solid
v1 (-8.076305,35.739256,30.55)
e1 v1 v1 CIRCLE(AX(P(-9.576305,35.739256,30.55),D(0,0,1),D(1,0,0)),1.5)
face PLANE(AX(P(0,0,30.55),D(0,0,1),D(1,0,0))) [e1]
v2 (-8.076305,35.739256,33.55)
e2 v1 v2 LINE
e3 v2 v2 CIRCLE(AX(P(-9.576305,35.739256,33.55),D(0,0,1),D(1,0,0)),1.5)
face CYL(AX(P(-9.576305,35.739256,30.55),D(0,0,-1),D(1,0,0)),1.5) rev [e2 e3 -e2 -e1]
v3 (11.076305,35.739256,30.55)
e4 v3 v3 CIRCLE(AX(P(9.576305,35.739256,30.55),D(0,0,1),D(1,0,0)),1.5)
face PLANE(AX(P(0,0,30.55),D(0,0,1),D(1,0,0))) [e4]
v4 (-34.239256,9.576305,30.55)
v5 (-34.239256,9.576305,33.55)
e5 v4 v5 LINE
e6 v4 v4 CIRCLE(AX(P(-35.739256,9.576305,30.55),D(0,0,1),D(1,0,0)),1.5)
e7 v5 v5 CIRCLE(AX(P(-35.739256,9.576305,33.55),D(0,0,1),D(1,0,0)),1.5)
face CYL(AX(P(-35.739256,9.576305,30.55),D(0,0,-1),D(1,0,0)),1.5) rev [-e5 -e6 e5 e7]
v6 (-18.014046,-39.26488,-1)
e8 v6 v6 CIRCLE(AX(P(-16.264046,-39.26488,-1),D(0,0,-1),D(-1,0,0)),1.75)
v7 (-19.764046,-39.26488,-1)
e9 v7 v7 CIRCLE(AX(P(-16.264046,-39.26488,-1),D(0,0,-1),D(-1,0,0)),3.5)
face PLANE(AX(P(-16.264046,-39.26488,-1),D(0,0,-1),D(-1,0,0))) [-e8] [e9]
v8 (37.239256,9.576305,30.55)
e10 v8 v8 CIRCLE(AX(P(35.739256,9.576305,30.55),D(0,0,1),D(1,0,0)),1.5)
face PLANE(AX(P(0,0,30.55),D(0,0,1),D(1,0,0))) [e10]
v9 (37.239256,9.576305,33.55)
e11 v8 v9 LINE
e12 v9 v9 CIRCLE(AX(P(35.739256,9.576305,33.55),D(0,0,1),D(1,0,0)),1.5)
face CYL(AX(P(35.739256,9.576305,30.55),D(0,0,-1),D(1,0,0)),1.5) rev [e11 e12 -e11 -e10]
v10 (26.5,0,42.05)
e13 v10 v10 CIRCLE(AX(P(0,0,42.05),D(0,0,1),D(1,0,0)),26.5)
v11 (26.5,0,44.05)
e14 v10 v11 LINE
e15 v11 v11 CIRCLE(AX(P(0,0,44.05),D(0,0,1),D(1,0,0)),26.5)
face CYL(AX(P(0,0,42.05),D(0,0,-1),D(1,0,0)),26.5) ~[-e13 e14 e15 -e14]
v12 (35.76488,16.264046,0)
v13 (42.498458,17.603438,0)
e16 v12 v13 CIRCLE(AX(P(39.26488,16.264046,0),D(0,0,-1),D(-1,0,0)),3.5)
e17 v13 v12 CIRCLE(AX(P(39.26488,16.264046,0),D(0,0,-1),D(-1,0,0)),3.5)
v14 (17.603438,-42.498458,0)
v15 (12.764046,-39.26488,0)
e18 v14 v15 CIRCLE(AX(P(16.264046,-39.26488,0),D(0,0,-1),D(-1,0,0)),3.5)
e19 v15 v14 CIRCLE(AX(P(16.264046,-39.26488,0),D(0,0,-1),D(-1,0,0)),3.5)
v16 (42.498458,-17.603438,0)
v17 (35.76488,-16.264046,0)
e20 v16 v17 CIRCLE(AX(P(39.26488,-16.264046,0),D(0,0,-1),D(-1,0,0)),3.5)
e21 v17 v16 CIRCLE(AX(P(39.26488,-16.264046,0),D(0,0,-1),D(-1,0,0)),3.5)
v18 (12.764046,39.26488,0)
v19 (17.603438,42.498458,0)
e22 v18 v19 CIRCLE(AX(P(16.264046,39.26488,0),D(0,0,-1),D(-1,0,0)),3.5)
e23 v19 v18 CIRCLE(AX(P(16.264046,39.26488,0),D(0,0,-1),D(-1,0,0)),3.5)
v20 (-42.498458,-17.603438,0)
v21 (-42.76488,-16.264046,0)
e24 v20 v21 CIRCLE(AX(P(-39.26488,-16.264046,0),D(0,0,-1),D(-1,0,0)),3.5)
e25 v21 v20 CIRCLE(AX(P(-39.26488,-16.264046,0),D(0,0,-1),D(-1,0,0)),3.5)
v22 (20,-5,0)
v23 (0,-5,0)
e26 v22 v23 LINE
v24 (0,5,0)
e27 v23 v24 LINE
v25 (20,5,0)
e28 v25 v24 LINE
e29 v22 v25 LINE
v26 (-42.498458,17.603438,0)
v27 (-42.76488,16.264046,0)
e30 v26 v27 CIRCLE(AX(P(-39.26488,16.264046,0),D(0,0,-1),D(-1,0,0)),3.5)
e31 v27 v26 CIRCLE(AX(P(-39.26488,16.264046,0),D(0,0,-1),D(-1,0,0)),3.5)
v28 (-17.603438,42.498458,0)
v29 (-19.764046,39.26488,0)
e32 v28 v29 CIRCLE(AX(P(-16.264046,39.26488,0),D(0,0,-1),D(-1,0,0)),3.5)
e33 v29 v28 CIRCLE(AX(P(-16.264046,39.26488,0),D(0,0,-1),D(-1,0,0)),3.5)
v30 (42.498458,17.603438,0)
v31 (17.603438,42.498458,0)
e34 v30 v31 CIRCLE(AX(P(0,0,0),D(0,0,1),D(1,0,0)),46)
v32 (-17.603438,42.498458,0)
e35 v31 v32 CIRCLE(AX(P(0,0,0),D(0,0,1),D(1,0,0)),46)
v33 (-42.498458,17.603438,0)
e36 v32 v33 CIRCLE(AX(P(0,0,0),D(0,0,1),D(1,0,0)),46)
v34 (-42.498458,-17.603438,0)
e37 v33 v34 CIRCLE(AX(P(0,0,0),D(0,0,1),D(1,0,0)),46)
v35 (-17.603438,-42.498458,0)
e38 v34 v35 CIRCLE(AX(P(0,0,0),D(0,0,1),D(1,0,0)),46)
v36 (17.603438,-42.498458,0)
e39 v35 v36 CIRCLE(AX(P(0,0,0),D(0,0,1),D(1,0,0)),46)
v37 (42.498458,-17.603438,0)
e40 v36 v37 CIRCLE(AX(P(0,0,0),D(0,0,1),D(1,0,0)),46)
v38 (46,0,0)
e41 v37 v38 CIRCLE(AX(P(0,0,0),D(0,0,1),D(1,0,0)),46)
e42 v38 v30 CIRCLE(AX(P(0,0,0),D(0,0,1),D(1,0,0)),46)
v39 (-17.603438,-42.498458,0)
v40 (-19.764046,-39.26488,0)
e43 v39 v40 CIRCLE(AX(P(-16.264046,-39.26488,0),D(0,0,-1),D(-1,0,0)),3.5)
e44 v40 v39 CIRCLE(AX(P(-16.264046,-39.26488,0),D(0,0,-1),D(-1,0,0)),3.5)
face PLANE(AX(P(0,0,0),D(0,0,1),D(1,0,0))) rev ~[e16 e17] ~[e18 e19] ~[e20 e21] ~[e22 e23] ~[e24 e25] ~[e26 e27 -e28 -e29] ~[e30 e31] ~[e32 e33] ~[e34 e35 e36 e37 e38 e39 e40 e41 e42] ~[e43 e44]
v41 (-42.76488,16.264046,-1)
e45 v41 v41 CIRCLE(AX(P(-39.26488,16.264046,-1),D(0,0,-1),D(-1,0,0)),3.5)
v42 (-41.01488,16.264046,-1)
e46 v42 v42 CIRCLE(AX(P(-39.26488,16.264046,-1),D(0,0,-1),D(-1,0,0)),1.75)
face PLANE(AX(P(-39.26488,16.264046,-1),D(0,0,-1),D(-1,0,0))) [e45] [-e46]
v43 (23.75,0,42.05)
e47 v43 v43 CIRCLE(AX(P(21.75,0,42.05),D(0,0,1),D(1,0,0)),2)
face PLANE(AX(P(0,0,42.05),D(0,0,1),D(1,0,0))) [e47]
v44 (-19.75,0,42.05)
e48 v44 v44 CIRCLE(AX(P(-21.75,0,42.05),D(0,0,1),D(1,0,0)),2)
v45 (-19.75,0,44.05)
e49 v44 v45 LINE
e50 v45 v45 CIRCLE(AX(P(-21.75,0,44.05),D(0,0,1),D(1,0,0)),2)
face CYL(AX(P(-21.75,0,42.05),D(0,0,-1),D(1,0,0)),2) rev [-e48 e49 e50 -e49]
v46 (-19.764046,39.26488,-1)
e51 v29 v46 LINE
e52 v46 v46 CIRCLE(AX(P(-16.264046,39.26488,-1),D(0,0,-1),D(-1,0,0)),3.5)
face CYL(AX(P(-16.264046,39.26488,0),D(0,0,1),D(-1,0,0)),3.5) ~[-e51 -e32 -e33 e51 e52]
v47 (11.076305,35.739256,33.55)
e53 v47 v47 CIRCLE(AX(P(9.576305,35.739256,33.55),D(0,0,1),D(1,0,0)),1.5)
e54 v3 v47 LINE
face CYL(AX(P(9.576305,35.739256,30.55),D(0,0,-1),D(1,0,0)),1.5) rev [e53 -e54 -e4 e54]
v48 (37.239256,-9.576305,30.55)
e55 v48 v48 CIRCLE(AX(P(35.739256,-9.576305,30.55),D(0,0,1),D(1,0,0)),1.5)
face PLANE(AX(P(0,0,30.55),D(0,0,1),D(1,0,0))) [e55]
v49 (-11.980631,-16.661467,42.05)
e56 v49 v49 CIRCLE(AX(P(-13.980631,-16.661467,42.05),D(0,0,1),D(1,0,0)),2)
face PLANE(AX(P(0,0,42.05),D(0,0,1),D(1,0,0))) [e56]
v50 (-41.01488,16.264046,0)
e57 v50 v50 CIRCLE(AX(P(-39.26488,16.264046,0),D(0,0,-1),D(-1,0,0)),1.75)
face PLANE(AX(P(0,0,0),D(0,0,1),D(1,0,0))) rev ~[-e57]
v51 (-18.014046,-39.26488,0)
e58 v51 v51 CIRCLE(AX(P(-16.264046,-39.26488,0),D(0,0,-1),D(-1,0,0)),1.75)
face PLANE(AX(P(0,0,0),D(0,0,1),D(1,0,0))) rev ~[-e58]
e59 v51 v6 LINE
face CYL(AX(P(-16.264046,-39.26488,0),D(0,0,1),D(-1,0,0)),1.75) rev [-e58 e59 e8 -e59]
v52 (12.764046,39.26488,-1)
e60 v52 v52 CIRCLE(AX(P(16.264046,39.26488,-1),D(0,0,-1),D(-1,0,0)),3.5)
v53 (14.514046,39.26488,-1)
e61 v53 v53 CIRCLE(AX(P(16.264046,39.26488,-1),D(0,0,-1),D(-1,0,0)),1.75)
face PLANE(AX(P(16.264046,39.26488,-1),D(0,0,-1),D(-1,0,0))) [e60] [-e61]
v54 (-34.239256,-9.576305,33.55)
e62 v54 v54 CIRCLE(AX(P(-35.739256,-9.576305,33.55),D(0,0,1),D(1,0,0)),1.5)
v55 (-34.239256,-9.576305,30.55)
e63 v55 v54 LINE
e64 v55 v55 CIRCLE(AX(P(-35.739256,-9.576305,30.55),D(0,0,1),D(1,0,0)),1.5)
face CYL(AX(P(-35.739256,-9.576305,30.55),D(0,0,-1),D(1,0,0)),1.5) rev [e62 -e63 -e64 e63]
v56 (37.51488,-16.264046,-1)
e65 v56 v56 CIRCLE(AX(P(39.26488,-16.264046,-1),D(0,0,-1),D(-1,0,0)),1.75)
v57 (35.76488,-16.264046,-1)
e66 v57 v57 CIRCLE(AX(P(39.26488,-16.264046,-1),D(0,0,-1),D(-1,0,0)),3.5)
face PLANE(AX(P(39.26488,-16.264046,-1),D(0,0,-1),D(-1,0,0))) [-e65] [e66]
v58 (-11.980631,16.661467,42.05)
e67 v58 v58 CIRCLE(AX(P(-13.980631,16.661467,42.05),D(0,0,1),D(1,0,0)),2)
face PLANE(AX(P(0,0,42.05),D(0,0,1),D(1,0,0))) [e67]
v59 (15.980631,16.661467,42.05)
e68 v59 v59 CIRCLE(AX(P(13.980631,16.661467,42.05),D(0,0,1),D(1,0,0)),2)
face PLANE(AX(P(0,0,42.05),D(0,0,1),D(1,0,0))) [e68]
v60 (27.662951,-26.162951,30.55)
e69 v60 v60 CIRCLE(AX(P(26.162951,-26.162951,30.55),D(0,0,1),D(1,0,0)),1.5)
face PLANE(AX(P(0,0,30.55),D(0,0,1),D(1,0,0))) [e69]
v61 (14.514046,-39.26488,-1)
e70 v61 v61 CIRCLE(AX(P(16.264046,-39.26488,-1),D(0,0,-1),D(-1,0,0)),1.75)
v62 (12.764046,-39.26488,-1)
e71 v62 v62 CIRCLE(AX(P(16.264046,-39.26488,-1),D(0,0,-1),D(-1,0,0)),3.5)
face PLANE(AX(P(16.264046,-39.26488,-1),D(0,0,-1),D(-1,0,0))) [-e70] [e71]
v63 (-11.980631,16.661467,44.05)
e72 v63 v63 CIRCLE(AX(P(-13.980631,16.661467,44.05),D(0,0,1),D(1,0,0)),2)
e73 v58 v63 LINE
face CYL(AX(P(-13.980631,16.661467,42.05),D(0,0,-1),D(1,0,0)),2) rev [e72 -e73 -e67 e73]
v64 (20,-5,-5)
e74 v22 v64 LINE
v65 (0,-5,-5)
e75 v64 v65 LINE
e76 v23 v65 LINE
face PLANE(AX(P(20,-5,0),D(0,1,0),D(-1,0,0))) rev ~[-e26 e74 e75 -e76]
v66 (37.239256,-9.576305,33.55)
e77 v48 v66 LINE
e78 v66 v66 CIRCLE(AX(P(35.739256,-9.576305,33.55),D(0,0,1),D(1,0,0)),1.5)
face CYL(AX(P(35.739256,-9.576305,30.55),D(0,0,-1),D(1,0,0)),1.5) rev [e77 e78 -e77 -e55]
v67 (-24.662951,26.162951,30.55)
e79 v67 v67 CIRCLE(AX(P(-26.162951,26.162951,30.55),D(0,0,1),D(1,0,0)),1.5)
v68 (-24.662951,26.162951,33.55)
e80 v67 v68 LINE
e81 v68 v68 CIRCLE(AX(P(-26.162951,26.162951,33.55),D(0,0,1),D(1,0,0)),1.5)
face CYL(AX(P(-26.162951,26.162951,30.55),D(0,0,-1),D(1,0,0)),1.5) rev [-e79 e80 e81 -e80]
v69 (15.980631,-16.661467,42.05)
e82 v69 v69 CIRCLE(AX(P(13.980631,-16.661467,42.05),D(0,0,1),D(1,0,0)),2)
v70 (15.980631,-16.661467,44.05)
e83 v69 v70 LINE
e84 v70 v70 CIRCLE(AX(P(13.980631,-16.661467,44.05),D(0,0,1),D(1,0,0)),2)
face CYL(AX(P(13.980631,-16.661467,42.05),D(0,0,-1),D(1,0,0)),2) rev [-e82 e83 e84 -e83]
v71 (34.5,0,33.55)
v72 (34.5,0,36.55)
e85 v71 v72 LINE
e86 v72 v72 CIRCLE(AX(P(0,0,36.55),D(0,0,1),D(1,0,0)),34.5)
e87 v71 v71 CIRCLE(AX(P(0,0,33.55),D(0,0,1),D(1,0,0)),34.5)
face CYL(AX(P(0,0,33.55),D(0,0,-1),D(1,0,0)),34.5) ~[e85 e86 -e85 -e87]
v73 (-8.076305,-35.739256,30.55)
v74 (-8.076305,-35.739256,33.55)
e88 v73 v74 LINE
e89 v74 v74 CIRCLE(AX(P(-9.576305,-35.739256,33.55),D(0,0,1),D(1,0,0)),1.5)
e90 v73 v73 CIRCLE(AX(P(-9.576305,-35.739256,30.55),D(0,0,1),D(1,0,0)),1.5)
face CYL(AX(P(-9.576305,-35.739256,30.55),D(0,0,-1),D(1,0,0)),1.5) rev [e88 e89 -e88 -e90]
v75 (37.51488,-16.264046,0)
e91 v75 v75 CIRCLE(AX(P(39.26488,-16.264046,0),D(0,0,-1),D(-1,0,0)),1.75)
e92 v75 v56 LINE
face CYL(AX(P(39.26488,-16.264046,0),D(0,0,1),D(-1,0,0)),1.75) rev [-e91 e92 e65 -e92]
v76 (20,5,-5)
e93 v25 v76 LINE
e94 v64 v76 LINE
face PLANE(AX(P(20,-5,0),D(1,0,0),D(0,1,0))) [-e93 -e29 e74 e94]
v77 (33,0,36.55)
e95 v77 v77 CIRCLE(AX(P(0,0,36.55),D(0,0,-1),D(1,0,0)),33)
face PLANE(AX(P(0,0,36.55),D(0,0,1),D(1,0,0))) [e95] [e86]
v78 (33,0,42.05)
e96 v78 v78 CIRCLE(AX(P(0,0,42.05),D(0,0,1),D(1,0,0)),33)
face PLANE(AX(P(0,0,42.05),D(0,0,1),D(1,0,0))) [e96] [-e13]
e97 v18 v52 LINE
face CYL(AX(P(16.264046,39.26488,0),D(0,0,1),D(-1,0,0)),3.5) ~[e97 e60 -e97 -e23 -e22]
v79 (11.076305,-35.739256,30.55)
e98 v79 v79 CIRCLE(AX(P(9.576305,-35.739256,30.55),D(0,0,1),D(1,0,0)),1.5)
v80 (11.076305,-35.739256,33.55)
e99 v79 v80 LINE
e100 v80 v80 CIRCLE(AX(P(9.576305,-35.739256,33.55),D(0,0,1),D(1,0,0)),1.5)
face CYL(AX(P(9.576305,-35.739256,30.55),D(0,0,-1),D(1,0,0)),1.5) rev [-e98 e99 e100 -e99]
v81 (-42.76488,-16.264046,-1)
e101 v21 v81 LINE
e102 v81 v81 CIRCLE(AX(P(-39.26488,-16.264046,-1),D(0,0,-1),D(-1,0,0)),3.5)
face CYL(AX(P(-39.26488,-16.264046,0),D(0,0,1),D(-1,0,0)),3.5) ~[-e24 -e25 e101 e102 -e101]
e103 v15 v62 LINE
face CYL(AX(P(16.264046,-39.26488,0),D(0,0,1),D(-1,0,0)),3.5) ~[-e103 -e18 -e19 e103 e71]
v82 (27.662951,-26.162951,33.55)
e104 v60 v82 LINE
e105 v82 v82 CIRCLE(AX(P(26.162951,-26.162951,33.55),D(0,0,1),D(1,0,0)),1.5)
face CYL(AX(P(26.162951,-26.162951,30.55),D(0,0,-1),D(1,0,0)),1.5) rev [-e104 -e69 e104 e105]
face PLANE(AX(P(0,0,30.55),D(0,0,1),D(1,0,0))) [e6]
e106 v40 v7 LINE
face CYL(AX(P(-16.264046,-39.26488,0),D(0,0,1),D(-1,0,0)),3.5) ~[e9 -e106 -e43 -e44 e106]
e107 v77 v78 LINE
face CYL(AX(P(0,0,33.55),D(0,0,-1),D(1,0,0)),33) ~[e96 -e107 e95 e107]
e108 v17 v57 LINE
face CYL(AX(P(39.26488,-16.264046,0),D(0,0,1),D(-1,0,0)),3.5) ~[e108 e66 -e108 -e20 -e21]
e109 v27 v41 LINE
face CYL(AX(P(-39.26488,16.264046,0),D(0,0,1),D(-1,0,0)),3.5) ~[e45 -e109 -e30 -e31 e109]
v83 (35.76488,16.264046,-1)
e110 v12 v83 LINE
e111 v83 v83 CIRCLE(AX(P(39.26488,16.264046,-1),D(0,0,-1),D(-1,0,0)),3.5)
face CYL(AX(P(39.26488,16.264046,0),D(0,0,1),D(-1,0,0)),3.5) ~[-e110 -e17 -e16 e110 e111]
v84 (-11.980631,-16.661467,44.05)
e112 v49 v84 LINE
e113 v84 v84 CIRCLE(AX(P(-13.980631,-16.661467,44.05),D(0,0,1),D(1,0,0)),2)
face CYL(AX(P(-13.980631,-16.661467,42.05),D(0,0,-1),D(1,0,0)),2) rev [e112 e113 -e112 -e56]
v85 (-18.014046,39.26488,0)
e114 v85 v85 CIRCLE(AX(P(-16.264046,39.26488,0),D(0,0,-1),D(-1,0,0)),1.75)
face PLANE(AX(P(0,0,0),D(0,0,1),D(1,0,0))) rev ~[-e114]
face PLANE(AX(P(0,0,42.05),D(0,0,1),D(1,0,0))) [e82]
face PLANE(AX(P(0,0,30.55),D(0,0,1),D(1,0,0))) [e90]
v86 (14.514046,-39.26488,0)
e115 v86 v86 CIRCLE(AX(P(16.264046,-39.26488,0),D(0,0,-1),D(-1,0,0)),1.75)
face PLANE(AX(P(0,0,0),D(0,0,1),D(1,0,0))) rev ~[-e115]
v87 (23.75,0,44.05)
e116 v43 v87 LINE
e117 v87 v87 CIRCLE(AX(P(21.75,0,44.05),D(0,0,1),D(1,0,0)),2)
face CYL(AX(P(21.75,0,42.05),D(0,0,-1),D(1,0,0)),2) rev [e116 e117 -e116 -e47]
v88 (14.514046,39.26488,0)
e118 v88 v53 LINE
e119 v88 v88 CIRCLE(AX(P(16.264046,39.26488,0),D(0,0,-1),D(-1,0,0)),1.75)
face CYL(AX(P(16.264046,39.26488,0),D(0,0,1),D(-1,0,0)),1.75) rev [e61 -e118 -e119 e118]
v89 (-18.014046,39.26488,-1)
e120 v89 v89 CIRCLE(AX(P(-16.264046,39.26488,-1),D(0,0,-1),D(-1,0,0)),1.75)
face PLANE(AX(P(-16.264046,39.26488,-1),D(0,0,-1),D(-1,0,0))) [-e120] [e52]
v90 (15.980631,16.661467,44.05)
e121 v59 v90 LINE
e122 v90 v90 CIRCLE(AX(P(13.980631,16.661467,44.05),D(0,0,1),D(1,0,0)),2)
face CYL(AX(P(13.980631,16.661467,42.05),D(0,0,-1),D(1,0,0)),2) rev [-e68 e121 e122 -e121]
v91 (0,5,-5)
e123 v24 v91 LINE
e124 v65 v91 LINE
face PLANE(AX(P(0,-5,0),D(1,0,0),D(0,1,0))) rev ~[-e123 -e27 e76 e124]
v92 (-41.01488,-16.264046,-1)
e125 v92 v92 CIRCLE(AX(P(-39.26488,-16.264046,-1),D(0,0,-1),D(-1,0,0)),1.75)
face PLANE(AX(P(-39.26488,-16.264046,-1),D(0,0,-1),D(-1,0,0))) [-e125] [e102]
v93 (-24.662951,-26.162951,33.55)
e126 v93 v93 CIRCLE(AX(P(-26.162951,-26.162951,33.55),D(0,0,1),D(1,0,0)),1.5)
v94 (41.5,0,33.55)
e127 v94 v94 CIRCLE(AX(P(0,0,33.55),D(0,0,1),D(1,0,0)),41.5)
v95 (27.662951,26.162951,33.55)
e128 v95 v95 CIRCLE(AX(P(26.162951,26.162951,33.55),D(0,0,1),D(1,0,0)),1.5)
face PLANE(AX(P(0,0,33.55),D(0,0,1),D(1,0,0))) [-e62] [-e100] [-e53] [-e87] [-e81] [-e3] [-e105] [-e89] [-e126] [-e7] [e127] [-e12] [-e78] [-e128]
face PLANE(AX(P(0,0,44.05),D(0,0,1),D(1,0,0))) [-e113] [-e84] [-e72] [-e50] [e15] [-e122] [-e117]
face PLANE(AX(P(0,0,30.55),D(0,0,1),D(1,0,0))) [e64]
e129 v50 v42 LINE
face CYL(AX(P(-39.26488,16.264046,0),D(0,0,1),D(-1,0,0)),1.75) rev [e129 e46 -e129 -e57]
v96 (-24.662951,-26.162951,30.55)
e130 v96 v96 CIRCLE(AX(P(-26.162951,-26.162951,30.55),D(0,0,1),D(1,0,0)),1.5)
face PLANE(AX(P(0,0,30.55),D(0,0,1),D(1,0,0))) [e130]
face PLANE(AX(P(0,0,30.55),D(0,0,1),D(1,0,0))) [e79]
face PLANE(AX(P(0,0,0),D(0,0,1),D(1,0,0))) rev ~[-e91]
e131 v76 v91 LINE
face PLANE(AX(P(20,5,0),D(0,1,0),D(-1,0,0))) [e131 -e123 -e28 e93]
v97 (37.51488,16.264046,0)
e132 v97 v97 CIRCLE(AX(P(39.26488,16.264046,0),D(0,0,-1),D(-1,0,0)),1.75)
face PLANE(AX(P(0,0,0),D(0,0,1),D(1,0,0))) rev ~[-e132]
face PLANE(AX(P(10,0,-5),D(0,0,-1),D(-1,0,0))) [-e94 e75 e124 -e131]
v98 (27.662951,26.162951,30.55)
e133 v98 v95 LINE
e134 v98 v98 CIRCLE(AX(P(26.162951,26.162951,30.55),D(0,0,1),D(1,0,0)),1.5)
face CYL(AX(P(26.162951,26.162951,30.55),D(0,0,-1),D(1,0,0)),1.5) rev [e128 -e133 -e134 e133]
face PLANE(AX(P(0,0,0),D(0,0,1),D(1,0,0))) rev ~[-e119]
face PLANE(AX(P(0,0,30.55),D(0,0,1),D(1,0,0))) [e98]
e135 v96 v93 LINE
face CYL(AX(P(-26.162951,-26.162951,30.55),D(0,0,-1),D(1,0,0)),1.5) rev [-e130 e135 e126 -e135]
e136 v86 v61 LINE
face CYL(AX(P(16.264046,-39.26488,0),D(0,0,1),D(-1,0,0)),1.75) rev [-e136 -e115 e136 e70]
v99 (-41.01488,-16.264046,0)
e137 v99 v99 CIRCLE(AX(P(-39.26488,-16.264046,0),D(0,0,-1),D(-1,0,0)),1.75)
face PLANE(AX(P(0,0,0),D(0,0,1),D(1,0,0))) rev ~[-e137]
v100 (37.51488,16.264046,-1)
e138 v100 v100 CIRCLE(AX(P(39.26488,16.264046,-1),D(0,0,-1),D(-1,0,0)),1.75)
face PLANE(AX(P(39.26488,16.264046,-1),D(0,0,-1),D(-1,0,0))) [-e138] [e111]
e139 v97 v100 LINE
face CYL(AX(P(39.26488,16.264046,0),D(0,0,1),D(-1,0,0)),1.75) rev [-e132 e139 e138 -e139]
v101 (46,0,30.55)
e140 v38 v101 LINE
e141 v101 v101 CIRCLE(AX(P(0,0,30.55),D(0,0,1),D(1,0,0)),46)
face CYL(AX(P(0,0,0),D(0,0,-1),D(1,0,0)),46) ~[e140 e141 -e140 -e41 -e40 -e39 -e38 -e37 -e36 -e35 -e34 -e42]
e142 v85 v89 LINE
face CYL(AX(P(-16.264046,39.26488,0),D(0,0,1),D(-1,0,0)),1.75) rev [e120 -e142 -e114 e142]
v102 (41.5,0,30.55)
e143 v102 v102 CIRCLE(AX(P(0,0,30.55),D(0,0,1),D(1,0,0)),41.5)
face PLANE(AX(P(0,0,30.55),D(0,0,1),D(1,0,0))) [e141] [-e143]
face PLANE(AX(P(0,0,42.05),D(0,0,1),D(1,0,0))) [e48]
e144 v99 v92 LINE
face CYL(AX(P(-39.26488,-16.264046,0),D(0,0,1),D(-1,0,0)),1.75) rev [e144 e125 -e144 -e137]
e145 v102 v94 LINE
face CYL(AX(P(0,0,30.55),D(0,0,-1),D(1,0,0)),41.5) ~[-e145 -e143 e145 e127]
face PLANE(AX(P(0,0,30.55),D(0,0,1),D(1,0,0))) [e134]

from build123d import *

# Parameters (mm, degrees)
SKETCH_1_R      = 46
EXTRUDE_1_DEPTH = 30.55
SKETCH_3_R      = 3.5
SKETCH_3_R_2    = 1.75
EXTRUDE_2_DEPTH = 1
SKETCH_4_R      = 41.5
SKETCH_4_R_2    = 1.5
EXTRUDE_3_DEPTH = 3
SKETCH_5_R      = 33
EXTRUDE_4_DEPTH = 8.5
SKETCH_6_R      = 26.5
SKETCH_6_R_2    = 2
EXTRUDE_5_DEPTH = 2
SKETCH_7_R      = 34.5
EXTRUDE_6_DEPTH = 3
SKETCH_8_W      = 20
SKETCH_8_H      = 10
EXTRUDE_7_DEPTH = 5


with BuildPart() as part:
    # 草图1 → 凸台-拉伸1 (new body)
    with BuildSketch(Plane.XY):
        Circle(SKETCH_1_R)
    extrude(amount=EXTRUDE_1_DEPTH)

    # 草图3 → 凸台-拉伸2 (add)
    with BuildSketch(Plane(origin=(0, 0, 0), x_dir=(-1, 0, 0), z_dir=(0, 0, -1))):
        with Locations((16.264045876, 39.264880132)):
            Circle(SKETCH_3_R)
        with Locations((16.264045876, 39.264880132)):
            Circle(SKETCH_3_R_2, mode=Mode.SUBTRACT)
        with Locations((39.264880132, 16.264045876)):
            Circle(SKETCH_3_R)
        with Locations((39.264880132, 16.264045876)):
            Circle(SKETCH_3_R_2, mode=Mode.SUBTRACT)
        with Locations((39.264880132, -16.264045876)):
            Circle(SKETCH_3_R)
        with Locations((39.264880132, -16.264045876)):
            Circle(SKETCH_3_R_2, mode=Mode.SUBTRACT)
        with Locations((16.264045876, -39.264880132)):
            Circle(SKETCH_3_R)
        with Locations((16.264045876, -39.264880132)):
            Circle(SKETCH_3_R_2, mode=Mode.SUBTRACT)
        with Locations((-16.264045876, -39.264880132)):
            Circle(SKETCH_3_R)
        with Locations((-16.264045876, -39.264880132)):
            Circle(SKETCH_3_R_2, mode=Mode.SUBTRACT)
        with Locations((-39.264880132, -16.264045876)):
            Circle(SKETCH_3_R)
        with Locations((-39.264880132, -16.264045876)):
            Circle(SKETCH_3_R_2, mode=Mode.SUBTRACT)
        with Locations((-39.264880132, 16.264045876)):
            Circle(SKETCH_3_R)
        with Locations((-39.264880132, 16.264045876)):
            Circle(SKETCH_3_R_2, mode=Mode.SUBTRACT)
        with Locations((-16.264045876, 39.264880132)):
            Circle(SKETCH_3_R)
        with Locations((-16.264045876, 39.264880132)):
            Circle(SKETCH_3_R_2, mode=Mode.SUBTRACT)
    extrude(amount=EXTRUDE_2_DEPTH)

    # 草图4 → 凸台-拉伸3 (add)
    with BuildSketch(Plane.XY.offset(30.55)):
        Circle(SKETCH_4_R)
        with Locations((26.162950904, 26.162950904)):
            Circle(SKETCH_4_R_2, mode=Mode.SUBTRACT)
        with Locations((35.739255573, 9.576304669)):
            Circle(SKETCH_4_R_2, mode=Mode.SUBTRACT)
        with Locations((35.739255573, -9.576304669)):
            Circle(SKETCH_4_R_2, mode=Mode.SUBTRACT)
        with Locations((26.162950904, -26.162950904)):
            Circle(SKETCH_4_R_2, mode=Mode.SUBTRACT)
        with Locations((9.576304669, -35.739255573)):
            Circle(SKETCH_4_R_2, mode=Mode.SUBTRACT)
        with Locations((-9.576304669, -35.739255573)):
            Circle(SKETCH_4_R_2, mode=Mode.SUBTRACT)
        with Locations((-26.162950904, -26.162950904)):
            Circle(SKETCH_4_R_2, mode=Mode.SUBTRACT)
        with Locations((-35.739255573, -9.576304669)):
            Circle(SKETCH_4_R_2, mode=Mode.SUBTRACT)
        with Locations((-35.739255573, 9.576304669)):
            Circle(SKETCH_4_R_2, mode=Mode.SUBTRACT)
        with Locations((-26.162950904, 26.162950904)):
            Circle(SKETCH_4_R_2, mode=Mode.SUBTRACT)
        with Locations((-9.576304669, 35.739255573)):
            Circle(SKETCH_4_R_2, mode=Mode.SUBTRACT)
        with Locations((9.576304669, 35.739255573)):
            Circle(SKETCH_4_R_2, mode=Mode.SUBTRACT)
    extrude(amount=EXTRUDE_3_DEPTH)

    # 草图5 → 凸台-拉伸4 (add)
    with BuildSketch(Plane.XY.offset(33.55)):
        Circle(SKETCH_5_R)
    extrude(amount=EXTRUDE_4_DEPTH)

    # 草图6 → 凸台-拉伸5 (add)
    with BuildSketch(Plane.XY.offset(42.05)):
        Circle(SKETCH_6_R)
        with Locations((-13.980630511, -16.661466638)):
            Circle(SKETCH_6_R_2, mode=Mode.SUBTRACT)
        with Locations((-21.75, 0)):
            Circle(SKETCH_6_R_2, mode=Mode.SUBTRACT)
        with Locations((-13.980630511, 16.661466638)):
            Circle(SKETCH_6_R_2, mode=Mode.SUBTRACT)
        with Locations((13.980630511, -16.661466638)):
            Circle(SKETCH_6_R_2, mode=Mode.SUBTRACT)
        with Locations((21.75, 0)):
            Circle(SKETCH_6_R_2, mode=Mode.SUBTRACT)
        with Locations((13.980630511, 16.661466638)):
            Circle(SKETCH_6_R_2, mode=Mode.SUBTRACT)
    extrude(amount=EXTRUDE_5_DEPTH)

    # 草图7 → 凸台-拉伸6 (add)
    with BuildSketch(Plane.XY.offset(33.55)):
        Circle(SKETCH_7_R)
    extrude(amount=EXTRUDE_6_DEPTH)

    # 草图8 → 凸台-拉伸7 (add)
    with BuildSketch(Plane(origin=(0, 0, 0), x_dir=(-1, 0, 0), z_dir=(0, 0, -1))):
        with Locations((-10, 0)):
            Rectangle(SKETCH_8_W, SKETCH_8_H)
    extrude(amount=EXTRUDE_7_DEPTH)


solid = part.part
